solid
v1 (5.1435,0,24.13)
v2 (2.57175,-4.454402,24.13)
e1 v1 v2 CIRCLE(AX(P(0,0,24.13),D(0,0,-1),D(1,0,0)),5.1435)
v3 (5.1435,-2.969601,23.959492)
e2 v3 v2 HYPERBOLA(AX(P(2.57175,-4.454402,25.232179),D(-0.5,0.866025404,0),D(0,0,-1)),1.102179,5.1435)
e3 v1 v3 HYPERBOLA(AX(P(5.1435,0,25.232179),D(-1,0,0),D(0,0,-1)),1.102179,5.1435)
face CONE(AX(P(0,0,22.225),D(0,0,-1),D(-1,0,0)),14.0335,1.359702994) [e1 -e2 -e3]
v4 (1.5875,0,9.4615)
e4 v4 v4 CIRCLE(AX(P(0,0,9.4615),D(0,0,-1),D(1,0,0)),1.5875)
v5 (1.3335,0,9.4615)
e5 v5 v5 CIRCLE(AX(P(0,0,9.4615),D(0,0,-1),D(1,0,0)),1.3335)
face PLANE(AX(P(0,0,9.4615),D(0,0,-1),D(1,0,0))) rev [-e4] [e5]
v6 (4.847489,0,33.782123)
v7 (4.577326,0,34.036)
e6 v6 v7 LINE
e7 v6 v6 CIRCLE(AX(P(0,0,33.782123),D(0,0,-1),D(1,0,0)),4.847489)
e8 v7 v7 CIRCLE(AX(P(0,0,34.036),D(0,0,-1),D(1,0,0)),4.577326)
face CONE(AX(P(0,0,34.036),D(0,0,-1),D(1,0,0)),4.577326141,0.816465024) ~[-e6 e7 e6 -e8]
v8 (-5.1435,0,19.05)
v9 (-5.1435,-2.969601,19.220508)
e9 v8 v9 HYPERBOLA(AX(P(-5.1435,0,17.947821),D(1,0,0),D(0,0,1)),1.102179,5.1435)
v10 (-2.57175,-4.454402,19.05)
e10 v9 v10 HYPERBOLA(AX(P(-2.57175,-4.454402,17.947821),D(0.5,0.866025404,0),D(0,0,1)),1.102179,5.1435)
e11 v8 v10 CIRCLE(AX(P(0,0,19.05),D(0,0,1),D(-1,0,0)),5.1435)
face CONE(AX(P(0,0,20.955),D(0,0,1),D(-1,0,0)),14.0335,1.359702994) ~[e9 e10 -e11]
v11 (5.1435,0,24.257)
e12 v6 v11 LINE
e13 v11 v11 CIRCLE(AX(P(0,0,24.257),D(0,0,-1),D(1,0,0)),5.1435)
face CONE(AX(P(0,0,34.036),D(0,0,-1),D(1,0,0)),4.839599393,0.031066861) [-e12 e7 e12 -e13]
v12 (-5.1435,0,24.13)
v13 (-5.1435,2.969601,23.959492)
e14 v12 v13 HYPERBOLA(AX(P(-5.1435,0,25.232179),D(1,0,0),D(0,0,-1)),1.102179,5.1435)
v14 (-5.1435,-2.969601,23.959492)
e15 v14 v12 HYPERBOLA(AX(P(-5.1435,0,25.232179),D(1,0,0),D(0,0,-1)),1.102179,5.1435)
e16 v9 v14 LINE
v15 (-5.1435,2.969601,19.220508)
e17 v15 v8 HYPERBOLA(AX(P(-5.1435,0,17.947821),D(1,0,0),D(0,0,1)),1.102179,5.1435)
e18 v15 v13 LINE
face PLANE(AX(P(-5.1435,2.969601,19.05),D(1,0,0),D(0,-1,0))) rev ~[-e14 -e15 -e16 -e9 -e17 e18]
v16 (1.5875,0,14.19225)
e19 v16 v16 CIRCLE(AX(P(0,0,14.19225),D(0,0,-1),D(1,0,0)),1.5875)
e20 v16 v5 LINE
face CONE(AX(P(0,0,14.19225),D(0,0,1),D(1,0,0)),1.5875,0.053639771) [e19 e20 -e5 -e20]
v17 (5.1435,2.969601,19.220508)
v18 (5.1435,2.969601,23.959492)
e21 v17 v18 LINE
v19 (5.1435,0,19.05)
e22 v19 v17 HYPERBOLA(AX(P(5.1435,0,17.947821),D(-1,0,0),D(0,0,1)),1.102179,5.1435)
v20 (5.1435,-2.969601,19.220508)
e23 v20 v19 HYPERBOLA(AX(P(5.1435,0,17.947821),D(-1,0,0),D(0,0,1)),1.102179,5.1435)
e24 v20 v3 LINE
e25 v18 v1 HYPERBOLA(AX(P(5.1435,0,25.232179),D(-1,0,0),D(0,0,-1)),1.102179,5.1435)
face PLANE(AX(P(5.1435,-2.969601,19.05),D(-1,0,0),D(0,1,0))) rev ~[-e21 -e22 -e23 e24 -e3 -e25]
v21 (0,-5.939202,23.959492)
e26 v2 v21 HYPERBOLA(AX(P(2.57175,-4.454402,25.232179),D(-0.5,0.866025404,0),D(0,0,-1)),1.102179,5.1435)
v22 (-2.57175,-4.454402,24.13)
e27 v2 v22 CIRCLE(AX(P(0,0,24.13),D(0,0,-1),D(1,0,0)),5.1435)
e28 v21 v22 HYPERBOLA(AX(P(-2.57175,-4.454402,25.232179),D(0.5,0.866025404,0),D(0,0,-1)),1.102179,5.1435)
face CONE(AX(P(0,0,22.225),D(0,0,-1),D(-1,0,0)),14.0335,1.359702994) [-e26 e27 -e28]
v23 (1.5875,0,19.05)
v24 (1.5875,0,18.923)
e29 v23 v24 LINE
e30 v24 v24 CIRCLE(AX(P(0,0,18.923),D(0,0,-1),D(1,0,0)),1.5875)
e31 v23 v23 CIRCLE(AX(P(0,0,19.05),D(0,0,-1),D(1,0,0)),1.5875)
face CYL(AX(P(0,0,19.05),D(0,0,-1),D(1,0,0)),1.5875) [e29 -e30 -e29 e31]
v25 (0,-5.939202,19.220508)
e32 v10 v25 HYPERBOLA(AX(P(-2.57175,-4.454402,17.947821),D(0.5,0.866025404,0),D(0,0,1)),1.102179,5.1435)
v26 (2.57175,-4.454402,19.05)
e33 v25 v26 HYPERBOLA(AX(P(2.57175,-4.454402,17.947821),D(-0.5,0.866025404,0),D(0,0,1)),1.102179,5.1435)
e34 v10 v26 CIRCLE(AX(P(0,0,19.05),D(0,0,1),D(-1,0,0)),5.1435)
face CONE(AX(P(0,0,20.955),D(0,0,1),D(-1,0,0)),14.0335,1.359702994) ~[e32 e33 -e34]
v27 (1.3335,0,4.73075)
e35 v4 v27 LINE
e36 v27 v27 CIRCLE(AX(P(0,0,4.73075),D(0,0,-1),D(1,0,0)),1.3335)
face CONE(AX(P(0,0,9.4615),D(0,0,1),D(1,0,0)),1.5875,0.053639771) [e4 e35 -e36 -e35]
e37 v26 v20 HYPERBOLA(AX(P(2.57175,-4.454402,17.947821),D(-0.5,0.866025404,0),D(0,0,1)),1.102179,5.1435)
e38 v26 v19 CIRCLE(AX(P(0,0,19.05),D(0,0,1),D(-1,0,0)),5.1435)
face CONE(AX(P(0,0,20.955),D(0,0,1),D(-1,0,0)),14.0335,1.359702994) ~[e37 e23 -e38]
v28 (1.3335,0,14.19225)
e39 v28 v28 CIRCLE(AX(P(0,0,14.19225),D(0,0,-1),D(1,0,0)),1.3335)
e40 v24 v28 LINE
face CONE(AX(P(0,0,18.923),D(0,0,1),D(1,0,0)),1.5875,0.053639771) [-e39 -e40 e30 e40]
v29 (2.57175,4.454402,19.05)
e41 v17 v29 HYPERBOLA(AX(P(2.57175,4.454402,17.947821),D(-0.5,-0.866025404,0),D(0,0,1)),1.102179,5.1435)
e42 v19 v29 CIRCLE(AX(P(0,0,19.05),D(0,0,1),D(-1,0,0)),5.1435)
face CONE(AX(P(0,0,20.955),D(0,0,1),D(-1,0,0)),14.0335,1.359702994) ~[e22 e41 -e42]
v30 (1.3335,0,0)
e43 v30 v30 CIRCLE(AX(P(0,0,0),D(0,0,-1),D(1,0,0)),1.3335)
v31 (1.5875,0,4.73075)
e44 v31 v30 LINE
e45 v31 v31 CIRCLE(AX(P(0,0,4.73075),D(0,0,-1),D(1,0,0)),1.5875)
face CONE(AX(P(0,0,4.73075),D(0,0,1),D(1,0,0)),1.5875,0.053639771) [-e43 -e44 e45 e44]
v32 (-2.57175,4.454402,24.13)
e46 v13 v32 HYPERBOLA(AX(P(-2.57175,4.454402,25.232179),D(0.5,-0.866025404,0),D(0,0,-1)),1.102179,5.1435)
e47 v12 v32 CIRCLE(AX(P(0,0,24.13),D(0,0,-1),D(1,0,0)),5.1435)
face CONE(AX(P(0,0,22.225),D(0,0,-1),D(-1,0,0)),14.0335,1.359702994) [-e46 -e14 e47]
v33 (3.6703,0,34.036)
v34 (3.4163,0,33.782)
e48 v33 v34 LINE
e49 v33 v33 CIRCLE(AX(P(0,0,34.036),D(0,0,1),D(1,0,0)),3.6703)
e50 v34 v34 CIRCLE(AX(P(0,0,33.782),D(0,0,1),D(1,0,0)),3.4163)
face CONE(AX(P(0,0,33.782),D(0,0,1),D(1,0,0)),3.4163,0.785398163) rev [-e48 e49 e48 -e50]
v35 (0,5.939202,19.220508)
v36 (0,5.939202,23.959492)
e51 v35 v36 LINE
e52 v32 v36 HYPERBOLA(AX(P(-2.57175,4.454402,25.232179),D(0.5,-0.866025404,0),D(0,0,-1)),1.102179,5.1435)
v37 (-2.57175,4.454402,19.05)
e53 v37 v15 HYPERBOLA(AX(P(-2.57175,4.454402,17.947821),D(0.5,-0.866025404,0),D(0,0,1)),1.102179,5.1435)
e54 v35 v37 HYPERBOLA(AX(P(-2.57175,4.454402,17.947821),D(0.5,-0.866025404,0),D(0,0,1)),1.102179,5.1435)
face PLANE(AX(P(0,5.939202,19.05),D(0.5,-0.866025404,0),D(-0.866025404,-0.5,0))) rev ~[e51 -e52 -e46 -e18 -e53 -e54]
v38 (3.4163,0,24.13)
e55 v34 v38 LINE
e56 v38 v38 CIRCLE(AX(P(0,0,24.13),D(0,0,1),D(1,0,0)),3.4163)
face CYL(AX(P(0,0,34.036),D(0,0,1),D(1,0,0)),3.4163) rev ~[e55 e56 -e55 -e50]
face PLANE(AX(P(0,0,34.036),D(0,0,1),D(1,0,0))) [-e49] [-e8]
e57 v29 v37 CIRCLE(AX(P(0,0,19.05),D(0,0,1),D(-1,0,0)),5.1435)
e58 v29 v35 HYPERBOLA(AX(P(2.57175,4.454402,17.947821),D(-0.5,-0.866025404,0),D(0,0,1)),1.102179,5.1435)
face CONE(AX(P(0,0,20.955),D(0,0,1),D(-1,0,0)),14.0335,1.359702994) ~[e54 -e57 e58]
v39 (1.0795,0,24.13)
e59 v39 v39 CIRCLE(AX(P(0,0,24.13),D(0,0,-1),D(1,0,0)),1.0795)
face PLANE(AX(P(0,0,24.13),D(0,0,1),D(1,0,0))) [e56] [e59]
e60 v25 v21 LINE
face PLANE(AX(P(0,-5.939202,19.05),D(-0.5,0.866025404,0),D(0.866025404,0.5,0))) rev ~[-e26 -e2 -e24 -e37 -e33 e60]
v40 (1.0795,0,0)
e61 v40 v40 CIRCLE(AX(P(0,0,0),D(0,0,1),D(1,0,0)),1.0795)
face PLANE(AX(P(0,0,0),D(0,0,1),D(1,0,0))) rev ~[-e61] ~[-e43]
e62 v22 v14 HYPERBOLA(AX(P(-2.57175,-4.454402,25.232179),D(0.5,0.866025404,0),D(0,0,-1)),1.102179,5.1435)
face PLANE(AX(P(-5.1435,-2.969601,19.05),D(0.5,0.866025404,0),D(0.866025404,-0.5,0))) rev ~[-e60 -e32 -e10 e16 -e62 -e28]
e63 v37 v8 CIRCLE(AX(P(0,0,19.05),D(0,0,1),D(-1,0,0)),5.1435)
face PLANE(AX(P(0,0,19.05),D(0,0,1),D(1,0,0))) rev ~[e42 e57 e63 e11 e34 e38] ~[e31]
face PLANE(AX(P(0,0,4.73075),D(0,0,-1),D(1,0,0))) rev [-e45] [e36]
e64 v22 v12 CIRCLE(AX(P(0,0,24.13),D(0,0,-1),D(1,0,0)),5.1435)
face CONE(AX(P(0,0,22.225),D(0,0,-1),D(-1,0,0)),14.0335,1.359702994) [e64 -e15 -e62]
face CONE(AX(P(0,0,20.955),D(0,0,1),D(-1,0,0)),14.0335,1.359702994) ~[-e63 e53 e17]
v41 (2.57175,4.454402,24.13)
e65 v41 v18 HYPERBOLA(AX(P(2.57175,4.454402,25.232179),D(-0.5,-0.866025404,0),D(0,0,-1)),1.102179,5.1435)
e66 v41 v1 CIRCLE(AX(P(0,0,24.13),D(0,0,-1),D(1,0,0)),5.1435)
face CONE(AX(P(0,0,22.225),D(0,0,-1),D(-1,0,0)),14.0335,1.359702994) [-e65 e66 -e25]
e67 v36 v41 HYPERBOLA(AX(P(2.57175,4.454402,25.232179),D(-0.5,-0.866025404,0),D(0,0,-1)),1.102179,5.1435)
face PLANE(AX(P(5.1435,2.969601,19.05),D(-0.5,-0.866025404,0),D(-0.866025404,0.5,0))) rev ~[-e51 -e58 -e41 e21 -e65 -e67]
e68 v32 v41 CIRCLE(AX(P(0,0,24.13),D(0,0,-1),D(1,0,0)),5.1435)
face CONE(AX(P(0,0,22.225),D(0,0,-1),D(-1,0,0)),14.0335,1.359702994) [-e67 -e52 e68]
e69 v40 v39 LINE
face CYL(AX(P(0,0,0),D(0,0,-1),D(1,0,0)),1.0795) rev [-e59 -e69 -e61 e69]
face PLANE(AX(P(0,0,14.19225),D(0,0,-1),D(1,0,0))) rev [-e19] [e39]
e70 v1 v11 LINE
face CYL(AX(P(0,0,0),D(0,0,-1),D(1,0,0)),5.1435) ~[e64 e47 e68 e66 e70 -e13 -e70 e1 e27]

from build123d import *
from OCP.BRepFilletAPI import BRepFilletAPI_MakeChamfer

# Parameters (mm, degrees)
PIPESKETCH_R        = 5.1435
PIPESKETCH_R_2      = 1.0795
EXTRUSION_DEPTH     = 34.036
SKETCH1_R           = 1.0795
BOSS_EXTRUDE1_DEPTH = 5.08
SKETCH9_R           = 3.4163
CUT_EXTRUDE1_DEPTH  = 9.906
CHAMFER1_SIZE       = 0.254
CHAMFER1_SIZE2      = 0.262273252


with BuildPart() as part:
    # PipeSketch → Extrusion (new body)
    with BuildSketch(Plane.XY):
        Circle(PIPESKETCH_R)
        Circle(PIPESKETCH_R_2, mode=Mode.SUBTRACT)
    extrude(amount=EXTRUSION_DEPTH)

    # Sketch1 → Boss-Extrude1 (add)
    with BuildSketch(Plane.XY.offset(19.05)):
        Polygon((5.1435, 2.96960111), (0, 5.939202219), (-5.1435, 2.96960111), (-5.1435, -2.96960111), (0, -5.939202219), (5.1435, -2.96960111), align=None)
        Circle(SKETCH1_R, mode=Mode.SUBTRACT)
    extrude(amount=BOSS_EXTRUDE1_DEPTH)

    # Sketch9 → Cut-Extrude1 (cut)
    with BuildSketch(Plane.XY.offset(34.036)):
        Circle(SKETCH9_R)
    extrude(amount=-CUT_EXTRUDE1_DEPTH, mode=Mode.SUBTRACT)

    # Sketch7 → Cut-Revolve7 (revolve, cut)
    with BuildSketch(Plane(origin=(0, 0, 0), x_dir=(0, 0, -1), z_dir=(1, 0, 0))):
        Polygon((-34.036, 5.1435), (-34.036, 4.839599393), (-24.257, 5.1435), align=None)
        Polygon((0, 5.1435), (-19.05, 5.1435), (-19.05, 1.5875), (-18.923, 1.5875), (-14.19225, 1.3335), (-14.19225, 1.5875), (-9.4615, 1.3335), (-9.4615, 1.5875), (-4.73075, 1.3335), (-4.73075, 1.5875), (0, 1.3335), align=None)
    revolve(axis=Axis((0, 0, 0), (0, 0, -1)), mode=Mode.SUBTRACT)

    # Sketch4 → Cut-Revolve6 (revolve, cut)
    with BuildSketch(Plane(origin=(0, 0, 0), x_dir=(1, 0, 0), z_dir=(0, 1, 0))):
        Polygon((-5.1435, -24.13), (-14.0335, -24.13), (-14.0335, -22.225), align=None)
        Polygon((-5.1435, -19.05), (-14.0335, -19.05), (-14.0335, -20.955), align=None)
    revolve(axis=Axis((0, 0, 0), (0, 0, 1)), mode=Mode.SUBTRACT)

    # Chamfer1: one chamfer whose edges measure the first distance from different faces: ONE call of the kernel's chamfer builder (chamfer() names one face for all edges)
    chamfer1_edges_1 = [part.edges().sort_by_distance(p)[0] for p in [
        (0, -4.839599393, 34.036),
    ]]
    chamfer1_side_1 = [part.faces().sort_by_distance(p)[0] for p in [
        (0, -4.991549697, 29.1465),
    ]]
    chamfer1_edges_2 = [part.edges().sort_by_distance(p)[0] for p in [
        (-3.4163, 0, 34.036),
    ]]
    chamfer1 = BRepFilletAPI_MakeChamfer(part.part.solid().wrapped)
    for e in chamfer1_edges_1:
        chamfer1.Add(CHAMFER1_SIZE, CHAMFER1_SIZE2, e.wrapped, chamfer1_side_1[0].wrapped)  # the first distance lies on this face
    for e in chamfer1_edges_2:
        chamfer1.Add(CHAMFER1_SIZE, e.wrapped)
    add(Compound.cast(chamfer1.Shape()), mode=Mode.REPLACE)


solid = part.part
